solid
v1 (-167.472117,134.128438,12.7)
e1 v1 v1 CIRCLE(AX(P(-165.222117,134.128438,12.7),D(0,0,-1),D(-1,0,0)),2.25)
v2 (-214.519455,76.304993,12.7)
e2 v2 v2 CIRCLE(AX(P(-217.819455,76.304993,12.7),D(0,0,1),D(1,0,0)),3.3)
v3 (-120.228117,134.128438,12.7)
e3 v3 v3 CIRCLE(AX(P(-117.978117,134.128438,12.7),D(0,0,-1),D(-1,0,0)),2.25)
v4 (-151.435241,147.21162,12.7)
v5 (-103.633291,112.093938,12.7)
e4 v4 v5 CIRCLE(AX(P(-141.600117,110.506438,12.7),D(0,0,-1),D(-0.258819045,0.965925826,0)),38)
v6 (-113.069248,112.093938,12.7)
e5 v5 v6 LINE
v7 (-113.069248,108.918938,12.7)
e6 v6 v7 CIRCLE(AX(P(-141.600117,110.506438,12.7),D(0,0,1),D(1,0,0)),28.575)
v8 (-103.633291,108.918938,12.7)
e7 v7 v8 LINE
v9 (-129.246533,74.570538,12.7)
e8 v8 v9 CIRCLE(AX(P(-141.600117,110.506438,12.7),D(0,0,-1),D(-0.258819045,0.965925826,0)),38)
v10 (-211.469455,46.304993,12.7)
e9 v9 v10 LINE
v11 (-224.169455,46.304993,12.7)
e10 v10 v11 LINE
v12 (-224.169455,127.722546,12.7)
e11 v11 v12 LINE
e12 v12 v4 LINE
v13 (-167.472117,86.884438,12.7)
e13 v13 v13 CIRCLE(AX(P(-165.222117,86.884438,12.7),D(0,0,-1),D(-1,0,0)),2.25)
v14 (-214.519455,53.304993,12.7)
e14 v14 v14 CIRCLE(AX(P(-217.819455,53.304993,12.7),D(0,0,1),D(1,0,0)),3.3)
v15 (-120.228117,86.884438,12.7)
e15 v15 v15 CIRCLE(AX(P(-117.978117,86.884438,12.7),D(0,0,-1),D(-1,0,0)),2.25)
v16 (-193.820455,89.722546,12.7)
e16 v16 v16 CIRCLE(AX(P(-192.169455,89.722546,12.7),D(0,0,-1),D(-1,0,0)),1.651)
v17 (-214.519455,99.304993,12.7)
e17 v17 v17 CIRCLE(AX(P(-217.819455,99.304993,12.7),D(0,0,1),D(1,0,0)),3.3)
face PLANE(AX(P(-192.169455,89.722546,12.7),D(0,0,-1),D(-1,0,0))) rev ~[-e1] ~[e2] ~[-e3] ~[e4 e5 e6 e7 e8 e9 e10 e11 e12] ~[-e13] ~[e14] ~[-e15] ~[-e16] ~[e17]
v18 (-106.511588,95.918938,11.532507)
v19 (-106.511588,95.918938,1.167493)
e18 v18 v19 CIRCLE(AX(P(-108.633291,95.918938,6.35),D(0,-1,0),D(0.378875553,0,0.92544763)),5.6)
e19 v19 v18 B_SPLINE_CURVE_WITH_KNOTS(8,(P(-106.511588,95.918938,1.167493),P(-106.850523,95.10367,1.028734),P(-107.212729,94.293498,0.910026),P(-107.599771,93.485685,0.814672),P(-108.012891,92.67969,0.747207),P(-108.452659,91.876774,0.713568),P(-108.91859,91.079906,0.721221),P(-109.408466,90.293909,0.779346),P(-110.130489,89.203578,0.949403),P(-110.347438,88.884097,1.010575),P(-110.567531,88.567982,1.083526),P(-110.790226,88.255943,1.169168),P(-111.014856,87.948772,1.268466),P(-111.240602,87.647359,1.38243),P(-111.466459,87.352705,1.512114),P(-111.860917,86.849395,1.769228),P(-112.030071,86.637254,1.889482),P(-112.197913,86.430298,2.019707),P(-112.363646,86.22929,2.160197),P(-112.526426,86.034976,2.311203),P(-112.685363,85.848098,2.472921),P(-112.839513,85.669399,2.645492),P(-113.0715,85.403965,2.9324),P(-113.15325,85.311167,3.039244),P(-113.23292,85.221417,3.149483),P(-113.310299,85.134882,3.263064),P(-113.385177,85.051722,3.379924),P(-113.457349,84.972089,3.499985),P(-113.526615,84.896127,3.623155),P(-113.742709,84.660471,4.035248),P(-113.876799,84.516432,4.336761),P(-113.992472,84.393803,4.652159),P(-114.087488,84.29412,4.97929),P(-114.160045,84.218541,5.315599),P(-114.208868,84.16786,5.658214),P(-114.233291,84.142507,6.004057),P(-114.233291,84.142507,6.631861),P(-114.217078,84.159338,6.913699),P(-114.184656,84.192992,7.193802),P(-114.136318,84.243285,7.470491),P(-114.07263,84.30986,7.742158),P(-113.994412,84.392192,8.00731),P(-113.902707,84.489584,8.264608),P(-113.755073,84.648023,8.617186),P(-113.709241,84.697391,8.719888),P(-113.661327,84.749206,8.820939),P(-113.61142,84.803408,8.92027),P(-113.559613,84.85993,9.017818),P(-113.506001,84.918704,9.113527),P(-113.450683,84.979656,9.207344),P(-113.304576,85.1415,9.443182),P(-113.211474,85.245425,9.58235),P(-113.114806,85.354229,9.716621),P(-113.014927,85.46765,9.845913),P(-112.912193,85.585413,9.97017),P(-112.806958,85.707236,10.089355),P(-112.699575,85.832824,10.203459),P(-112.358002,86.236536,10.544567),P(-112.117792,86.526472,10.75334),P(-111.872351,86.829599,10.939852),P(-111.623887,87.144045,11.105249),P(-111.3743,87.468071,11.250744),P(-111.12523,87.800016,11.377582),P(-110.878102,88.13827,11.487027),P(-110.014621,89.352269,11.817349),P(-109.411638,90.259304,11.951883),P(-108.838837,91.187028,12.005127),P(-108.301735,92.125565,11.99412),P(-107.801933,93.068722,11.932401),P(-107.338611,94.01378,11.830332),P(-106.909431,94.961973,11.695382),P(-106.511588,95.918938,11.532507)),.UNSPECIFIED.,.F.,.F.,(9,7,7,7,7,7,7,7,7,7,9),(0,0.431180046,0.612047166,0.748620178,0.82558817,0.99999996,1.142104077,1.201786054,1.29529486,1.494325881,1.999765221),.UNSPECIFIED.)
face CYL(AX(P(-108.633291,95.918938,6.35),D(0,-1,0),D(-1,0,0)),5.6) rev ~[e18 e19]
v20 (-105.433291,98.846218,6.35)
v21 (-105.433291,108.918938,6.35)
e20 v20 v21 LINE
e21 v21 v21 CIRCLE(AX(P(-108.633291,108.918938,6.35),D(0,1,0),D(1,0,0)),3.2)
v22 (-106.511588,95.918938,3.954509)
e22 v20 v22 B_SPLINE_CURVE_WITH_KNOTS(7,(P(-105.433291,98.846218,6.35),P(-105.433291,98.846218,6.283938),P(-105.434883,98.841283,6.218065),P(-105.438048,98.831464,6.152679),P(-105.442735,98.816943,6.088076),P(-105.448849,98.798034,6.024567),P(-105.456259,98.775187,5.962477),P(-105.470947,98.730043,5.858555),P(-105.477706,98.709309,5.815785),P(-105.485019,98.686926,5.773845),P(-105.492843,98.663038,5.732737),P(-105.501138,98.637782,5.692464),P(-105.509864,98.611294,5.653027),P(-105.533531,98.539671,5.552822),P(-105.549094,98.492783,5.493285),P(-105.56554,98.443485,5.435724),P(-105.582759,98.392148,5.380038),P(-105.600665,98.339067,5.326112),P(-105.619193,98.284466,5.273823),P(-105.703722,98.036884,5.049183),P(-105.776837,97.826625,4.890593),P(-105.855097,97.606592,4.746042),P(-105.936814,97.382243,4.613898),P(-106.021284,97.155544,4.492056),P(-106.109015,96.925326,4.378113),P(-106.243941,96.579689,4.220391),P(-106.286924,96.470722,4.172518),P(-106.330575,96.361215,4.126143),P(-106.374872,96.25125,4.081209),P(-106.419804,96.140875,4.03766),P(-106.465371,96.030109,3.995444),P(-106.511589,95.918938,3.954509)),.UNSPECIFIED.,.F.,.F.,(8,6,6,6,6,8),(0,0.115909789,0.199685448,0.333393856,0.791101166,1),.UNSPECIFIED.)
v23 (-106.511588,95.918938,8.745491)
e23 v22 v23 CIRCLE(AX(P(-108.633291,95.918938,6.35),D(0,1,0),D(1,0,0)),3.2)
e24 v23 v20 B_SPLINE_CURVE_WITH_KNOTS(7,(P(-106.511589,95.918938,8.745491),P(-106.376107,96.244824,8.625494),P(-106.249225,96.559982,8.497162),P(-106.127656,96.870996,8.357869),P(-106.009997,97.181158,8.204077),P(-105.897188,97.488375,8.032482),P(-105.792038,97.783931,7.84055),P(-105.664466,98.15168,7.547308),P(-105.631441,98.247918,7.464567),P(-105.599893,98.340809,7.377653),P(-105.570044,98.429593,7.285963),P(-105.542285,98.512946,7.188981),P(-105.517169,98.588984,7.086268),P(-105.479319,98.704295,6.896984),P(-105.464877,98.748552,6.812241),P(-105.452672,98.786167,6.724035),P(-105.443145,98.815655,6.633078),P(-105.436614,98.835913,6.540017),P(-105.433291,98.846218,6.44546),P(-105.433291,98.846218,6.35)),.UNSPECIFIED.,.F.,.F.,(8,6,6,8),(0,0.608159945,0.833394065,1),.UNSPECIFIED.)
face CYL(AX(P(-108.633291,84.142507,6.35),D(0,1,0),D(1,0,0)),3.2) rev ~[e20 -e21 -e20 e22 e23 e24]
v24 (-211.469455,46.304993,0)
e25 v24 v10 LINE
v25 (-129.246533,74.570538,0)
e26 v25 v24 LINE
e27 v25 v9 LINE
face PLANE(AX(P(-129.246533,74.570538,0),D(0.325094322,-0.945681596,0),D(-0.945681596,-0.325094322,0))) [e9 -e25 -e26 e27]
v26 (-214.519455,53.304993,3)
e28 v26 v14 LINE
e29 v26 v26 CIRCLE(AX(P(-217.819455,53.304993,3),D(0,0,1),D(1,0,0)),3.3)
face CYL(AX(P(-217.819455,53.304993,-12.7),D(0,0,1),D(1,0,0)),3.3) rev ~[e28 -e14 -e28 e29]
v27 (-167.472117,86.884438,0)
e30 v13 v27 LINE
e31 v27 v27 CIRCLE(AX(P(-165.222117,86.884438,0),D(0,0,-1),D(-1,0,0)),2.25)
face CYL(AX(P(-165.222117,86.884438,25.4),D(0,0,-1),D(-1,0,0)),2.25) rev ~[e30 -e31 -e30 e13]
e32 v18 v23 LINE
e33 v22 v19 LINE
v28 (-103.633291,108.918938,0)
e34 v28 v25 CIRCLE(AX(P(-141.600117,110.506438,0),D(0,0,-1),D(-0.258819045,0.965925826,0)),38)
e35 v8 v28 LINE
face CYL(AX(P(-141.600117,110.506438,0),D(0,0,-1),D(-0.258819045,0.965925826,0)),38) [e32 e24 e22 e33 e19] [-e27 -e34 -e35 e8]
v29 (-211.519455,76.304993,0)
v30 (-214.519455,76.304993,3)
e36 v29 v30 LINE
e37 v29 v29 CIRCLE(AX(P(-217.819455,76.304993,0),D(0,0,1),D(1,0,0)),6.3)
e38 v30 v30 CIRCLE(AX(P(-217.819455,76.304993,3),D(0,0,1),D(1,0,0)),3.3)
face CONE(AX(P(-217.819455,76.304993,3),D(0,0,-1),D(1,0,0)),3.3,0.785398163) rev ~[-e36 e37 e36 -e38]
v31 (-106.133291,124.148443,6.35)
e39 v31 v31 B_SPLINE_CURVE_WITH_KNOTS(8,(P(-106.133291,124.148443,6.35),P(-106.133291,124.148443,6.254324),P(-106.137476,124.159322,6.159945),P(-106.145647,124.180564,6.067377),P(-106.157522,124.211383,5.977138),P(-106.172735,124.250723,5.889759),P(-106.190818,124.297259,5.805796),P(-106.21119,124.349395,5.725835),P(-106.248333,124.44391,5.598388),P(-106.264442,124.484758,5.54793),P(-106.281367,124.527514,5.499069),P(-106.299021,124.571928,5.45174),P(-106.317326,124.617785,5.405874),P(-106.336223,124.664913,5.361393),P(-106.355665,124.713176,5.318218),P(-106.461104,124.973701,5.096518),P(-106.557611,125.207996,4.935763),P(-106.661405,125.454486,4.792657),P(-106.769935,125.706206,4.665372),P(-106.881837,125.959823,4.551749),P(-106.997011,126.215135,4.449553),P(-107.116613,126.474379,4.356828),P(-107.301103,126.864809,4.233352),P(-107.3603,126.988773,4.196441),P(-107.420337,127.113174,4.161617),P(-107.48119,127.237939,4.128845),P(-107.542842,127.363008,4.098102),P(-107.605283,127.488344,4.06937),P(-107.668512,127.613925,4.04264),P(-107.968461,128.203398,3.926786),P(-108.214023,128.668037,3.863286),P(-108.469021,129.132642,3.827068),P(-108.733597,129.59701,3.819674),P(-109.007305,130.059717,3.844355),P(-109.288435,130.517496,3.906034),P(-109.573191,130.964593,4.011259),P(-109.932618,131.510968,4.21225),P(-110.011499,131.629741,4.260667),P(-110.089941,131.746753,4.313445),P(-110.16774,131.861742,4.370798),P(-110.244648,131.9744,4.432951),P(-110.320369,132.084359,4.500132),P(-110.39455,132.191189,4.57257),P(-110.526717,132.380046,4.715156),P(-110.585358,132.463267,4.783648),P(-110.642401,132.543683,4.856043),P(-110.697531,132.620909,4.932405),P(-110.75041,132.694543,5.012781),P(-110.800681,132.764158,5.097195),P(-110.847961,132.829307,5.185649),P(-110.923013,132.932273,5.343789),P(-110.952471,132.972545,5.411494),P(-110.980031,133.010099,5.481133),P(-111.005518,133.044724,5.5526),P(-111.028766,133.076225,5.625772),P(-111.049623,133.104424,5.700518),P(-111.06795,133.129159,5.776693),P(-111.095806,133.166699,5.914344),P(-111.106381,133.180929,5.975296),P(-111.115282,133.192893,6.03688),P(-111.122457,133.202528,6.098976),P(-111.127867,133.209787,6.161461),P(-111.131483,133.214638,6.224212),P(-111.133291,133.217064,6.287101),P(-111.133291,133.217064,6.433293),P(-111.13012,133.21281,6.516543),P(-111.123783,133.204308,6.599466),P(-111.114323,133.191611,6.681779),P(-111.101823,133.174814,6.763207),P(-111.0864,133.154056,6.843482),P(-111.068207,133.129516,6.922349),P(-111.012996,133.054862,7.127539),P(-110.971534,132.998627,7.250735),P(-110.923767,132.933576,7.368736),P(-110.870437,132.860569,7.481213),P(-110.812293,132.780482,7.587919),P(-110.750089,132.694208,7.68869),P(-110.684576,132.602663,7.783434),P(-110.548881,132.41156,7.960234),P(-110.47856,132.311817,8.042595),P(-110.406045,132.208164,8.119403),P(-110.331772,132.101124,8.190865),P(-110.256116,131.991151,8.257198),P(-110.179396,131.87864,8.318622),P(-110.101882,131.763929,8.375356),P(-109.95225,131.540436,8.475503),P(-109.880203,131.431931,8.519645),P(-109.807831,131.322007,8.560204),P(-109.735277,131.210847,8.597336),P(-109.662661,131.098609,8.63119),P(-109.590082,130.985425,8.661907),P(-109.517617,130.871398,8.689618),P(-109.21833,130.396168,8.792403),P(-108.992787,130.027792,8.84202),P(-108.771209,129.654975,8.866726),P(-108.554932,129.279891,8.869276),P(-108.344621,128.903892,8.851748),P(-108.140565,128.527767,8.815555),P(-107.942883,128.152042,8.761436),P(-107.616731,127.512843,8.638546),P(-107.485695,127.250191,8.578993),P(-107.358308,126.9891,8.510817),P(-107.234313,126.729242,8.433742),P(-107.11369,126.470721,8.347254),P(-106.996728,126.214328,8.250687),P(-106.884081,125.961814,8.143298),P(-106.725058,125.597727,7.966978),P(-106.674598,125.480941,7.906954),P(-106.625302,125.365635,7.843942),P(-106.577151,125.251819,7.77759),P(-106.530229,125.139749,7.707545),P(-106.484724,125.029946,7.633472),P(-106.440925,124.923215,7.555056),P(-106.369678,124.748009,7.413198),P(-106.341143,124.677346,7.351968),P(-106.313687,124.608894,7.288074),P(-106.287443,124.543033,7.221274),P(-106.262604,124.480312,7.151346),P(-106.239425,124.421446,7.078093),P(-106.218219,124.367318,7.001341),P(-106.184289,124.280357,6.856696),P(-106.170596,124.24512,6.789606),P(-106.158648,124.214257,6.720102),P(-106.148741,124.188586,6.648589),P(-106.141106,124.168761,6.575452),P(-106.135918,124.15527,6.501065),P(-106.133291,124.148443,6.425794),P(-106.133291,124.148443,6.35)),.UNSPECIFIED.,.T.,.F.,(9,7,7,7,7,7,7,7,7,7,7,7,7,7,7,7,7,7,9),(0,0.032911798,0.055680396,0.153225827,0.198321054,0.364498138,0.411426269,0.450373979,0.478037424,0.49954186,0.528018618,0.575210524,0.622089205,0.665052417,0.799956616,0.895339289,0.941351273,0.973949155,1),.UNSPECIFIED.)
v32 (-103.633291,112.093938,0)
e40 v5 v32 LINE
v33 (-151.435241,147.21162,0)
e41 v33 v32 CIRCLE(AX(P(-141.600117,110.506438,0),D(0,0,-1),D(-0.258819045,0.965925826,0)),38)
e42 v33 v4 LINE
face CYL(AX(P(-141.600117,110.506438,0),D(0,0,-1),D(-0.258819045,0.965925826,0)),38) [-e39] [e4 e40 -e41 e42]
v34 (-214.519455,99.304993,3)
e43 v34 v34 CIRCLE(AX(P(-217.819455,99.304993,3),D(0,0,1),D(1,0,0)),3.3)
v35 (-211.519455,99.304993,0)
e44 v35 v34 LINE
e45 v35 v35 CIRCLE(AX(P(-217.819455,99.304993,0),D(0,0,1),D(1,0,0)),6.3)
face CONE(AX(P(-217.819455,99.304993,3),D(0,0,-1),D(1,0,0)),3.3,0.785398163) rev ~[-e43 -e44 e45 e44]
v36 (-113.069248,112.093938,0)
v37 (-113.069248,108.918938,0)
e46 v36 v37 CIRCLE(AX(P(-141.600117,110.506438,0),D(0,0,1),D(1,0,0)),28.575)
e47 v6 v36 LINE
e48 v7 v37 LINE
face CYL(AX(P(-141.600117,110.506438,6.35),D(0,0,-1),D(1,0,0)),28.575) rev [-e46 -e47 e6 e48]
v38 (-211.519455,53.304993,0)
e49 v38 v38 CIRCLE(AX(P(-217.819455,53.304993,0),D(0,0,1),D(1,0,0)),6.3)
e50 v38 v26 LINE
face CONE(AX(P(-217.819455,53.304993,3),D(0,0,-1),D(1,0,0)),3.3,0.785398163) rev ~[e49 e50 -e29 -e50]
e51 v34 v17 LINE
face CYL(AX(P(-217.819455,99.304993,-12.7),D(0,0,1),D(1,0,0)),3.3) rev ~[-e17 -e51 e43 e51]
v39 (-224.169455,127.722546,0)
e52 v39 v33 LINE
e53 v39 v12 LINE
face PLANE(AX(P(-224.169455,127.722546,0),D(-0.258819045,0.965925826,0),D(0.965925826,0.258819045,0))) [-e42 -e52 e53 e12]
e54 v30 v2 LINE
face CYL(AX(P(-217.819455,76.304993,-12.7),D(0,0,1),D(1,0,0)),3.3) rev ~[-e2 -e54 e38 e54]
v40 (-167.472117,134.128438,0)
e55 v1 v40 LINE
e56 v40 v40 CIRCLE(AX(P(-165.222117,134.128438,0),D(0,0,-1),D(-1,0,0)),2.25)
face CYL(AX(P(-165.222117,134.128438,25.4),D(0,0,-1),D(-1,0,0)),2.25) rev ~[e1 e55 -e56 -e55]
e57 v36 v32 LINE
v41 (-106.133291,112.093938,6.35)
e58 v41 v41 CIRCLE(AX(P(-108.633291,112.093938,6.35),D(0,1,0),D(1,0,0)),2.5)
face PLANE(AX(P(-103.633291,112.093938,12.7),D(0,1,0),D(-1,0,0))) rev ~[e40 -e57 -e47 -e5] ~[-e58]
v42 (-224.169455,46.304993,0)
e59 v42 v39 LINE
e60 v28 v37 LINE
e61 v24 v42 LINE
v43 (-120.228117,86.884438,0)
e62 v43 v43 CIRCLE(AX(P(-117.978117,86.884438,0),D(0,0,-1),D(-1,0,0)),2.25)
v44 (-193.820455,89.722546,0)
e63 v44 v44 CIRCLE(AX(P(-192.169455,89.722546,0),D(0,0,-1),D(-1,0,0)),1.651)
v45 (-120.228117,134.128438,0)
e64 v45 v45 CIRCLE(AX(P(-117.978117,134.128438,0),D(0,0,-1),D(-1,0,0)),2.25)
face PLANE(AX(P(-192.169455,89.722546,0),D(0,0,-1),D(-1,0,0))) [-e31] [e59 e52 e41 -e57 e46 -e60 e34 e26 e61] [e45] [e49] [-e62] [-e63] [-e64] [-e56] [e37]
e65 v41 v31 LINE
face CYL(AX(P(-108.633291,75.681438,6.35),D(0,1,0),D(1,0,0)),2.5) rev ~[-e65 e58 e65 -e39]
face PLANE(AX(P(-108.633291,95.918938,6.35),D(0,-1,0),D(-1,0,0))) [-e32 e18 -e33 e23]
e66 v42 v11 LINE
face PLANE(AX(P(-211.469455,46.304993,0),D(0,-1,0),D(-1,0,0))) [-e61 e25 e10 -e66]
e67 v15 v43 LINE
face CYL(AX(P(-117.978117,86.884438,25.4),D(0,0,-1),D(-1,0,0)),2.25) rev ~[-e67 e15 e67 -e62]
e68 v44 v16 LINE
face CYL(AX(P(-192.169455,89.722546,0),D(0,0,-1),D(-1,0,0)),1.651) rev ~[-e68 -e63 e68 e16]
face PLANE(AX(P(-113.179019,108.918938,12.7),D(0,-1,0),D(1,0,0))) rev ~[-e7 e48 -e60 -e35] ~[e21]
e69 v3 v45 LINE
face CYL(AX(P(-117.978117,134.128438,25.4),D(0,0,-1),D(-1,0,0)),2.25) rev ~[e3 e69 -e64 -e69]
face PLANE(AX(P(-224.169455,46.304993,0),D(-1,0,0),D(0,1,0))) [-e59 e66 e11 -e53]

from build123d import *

# Parameters (mm, degrees)
BOSS_EXTRUDE1_DEPTH         = 12.7
CUT_EXTRUDE1_DEPTH          = 13.7
SKETCH3_W                   = 28.575
SKETCH3_H                   = 12.7
F_8_CLEARANCE_HOLE1_D       = 4.5
F_8_CLEARANCE_HOLE1_DEPTH   = 12.7
F_1_4_CLEARANCE_HOLE1_D     = 6.6
F_1_4_CLEARANCE_HOLE1_DEPTH = 12.7
F_12_CLEARANCE_HOLE1_D      = 6
F_12_CLEARANCE_HOLE1_DEPTH  = 12.7
HOLE1_D                     = 6.4
HOLE1_DEPTH                 = 24.77643101
HOLE1_CBORE_D               = 11.2
HOLE1_CBORE_DEPTH           = 11.77643101
F_10_CLEARANCE_HOLE1_D      = 5
F_10_CLEARANCE_HOLE1_DEPTH  = 36.4125
CHAMFER1_SIZE               = 3
SKETCH14_R                  = 3
SKETCH14_R_2                = 1.651
BOSS_EXTRUDE2_DEPTH         = 12.7


with BuildPart() as part:
    # Sketch1 → Boss-Extrude1 (new body)
    with BuildSketch(Plane(origin=(0, 0, 0), x_dir=(-1, 0, 0), z_dir=(0, 0, -1))):
        with BuildLine():
            Line((224.169455465, 127.72254562), (151.435240745, 147.211619716))
            ThreePointArc((151.435240745, 147.211619716), (105.257753851, 121.607458019), (129.246532787, 74.570537656))
            Line((129.246532787, 74.570537656), (211.469455465, 46.304993078))
            Line((211.469455465, 46.304993078), (224.169455465, 46.304993078))
            Line((224.169455465, 46.304993078), (224.169455465, 127.72254562))
        make_face()
    extrude(amount=-BOSS_EXTRUDE1_DEPTH)

    # Sketch2 → Cut-Extrude1 (cut, through all)
    with BuildSketch(Plane.XY.offset(12.7)):
        with BuildLine():
            Line((-103.633291463, 112.093938317), (-113.179018515, 112.093938317))
            ThreePointArc((-113.179018515, 112.093938317), (-113.134717032, 110.506438317), (-113.179018515, 108.918938317))
            Line((-113.179018515, 108.918938317), (-103.633291463, 108.918938317))
            ThreePointArc((-103.633291463, 108.918938317), (-103.600117032, 110.506438317), (-103.633291463, 112.093938317))
        make_face()
    extrude(amount=-CUT_EXTRUDE1_DEPTH, mode=Mode.SUBTRACT)

    # Sketch3 → Cut-Revolve1 (revolve, cut)
    with BuildSketch(Plane(origin=(0, 110.506438317, 0), x_dir=(1, 0, 0), z_dir=(0, 1, 0))):
        with Locations((-127.312617032, -6.35)):
            Rectangle(SKETCH3_W, SKETCH3_H)
    revolve(axis=Axis((-141.600117032, 110.506438317, 0), (0, 0, 1)), mode=Mode.SUBTRACT)

    # #8 Clearance Hole1
    with Locations(Plane.XY.offset(12.7)):
        with Locations((-117.978117032, 86.884438317), (-165.222117032, 86.884438317), (-165.222117032, 134.128438317), (-117.978117032, 134.128438317)):
            Hole(F_8_CLEARANCE_HOLE1_D / 2, depth=F_8_CLEARANCE_HOLE1_DEPTH)

    # 1/4 Clearance Hole1
    with Locations(Plane(origin=(0, 0, 0), x_dir=(-1, 0, 0), z_dir=(0, 0, -1))):
        with Locations((217.819455465, 53.304993078), (217.819455465, 76.304993078), (217.819455465, 99.304993078)):
            Hole(F_1_4_CLEARANCE_HOLE1_D / 2, depth=F_1_4_CLEARANCE_HOLE1_DEPTH)

    # #12 Clearance Hole1
    with Locations(Plane.XY.offset(12.7)):
        with Locations((-192.169455465, 89.72254562)):
            Hole(F_12_CLEARANCE_HOLE1_D / 2, depth=F_12_CLEARANCE_HOLE1_DEPTH)

    # Hole1
    with Locations(Plane(origin=(0, 84.142507307, 0), x_dir=(-1, 0, 0), z_dir=(0, -1, 0))):
        with Locations((108.633291463, -6.35)):
            CounterBoreHole(HOLE1_D / 2, HOLE1_CBORE_D / 2, HOLE1_CBORE_DEPTH, depth=HOLE1_DEPTH)

    # #10 Clearance Hole1
    with Locations(Plane(origin=(0, 112.093938317, 0), x_dir=(-1, 0, 0), z_dir=(0, -1, 0))):
        with Locations((108.633291463, -6.35)):
            Hole(F_10_CLEARANCE_HOLE1_D / 2, depth=F_10_CLEARANCE_HOLE1_DEPTH)

    # Chamfer1
    chamfer1_edges = [part.edges().sort_by_distance(p)[0] for p in [
        (-221.119455465, 99.304993078, 0),
        (-221.119455465, 76.304993078, 0),
        (-221.119455465, 53.304993078, 0),
    ]]
    chamfer(chamfer1_edges, length=CHAMFER1_SIZE)

    # Sketch14 → Boss-Extrude2 (add)
    with BuildSketch(Plane(origin=(0, 0, 0), x_dir=(-1, 0, 0), z_dir=(0, 0, -1))):
        with Locations((192.169455465, 89.72254562)):
            Circle(SKETCH14_R)
        with Locations((192.169455465, 89.72254562)):
            Circle(SKETCH14_R_2, mode=Mode.SUBTRACT)
    extrude(amount=-BOSS_EXTRUDE2_DEPTH)


solid = part.part
